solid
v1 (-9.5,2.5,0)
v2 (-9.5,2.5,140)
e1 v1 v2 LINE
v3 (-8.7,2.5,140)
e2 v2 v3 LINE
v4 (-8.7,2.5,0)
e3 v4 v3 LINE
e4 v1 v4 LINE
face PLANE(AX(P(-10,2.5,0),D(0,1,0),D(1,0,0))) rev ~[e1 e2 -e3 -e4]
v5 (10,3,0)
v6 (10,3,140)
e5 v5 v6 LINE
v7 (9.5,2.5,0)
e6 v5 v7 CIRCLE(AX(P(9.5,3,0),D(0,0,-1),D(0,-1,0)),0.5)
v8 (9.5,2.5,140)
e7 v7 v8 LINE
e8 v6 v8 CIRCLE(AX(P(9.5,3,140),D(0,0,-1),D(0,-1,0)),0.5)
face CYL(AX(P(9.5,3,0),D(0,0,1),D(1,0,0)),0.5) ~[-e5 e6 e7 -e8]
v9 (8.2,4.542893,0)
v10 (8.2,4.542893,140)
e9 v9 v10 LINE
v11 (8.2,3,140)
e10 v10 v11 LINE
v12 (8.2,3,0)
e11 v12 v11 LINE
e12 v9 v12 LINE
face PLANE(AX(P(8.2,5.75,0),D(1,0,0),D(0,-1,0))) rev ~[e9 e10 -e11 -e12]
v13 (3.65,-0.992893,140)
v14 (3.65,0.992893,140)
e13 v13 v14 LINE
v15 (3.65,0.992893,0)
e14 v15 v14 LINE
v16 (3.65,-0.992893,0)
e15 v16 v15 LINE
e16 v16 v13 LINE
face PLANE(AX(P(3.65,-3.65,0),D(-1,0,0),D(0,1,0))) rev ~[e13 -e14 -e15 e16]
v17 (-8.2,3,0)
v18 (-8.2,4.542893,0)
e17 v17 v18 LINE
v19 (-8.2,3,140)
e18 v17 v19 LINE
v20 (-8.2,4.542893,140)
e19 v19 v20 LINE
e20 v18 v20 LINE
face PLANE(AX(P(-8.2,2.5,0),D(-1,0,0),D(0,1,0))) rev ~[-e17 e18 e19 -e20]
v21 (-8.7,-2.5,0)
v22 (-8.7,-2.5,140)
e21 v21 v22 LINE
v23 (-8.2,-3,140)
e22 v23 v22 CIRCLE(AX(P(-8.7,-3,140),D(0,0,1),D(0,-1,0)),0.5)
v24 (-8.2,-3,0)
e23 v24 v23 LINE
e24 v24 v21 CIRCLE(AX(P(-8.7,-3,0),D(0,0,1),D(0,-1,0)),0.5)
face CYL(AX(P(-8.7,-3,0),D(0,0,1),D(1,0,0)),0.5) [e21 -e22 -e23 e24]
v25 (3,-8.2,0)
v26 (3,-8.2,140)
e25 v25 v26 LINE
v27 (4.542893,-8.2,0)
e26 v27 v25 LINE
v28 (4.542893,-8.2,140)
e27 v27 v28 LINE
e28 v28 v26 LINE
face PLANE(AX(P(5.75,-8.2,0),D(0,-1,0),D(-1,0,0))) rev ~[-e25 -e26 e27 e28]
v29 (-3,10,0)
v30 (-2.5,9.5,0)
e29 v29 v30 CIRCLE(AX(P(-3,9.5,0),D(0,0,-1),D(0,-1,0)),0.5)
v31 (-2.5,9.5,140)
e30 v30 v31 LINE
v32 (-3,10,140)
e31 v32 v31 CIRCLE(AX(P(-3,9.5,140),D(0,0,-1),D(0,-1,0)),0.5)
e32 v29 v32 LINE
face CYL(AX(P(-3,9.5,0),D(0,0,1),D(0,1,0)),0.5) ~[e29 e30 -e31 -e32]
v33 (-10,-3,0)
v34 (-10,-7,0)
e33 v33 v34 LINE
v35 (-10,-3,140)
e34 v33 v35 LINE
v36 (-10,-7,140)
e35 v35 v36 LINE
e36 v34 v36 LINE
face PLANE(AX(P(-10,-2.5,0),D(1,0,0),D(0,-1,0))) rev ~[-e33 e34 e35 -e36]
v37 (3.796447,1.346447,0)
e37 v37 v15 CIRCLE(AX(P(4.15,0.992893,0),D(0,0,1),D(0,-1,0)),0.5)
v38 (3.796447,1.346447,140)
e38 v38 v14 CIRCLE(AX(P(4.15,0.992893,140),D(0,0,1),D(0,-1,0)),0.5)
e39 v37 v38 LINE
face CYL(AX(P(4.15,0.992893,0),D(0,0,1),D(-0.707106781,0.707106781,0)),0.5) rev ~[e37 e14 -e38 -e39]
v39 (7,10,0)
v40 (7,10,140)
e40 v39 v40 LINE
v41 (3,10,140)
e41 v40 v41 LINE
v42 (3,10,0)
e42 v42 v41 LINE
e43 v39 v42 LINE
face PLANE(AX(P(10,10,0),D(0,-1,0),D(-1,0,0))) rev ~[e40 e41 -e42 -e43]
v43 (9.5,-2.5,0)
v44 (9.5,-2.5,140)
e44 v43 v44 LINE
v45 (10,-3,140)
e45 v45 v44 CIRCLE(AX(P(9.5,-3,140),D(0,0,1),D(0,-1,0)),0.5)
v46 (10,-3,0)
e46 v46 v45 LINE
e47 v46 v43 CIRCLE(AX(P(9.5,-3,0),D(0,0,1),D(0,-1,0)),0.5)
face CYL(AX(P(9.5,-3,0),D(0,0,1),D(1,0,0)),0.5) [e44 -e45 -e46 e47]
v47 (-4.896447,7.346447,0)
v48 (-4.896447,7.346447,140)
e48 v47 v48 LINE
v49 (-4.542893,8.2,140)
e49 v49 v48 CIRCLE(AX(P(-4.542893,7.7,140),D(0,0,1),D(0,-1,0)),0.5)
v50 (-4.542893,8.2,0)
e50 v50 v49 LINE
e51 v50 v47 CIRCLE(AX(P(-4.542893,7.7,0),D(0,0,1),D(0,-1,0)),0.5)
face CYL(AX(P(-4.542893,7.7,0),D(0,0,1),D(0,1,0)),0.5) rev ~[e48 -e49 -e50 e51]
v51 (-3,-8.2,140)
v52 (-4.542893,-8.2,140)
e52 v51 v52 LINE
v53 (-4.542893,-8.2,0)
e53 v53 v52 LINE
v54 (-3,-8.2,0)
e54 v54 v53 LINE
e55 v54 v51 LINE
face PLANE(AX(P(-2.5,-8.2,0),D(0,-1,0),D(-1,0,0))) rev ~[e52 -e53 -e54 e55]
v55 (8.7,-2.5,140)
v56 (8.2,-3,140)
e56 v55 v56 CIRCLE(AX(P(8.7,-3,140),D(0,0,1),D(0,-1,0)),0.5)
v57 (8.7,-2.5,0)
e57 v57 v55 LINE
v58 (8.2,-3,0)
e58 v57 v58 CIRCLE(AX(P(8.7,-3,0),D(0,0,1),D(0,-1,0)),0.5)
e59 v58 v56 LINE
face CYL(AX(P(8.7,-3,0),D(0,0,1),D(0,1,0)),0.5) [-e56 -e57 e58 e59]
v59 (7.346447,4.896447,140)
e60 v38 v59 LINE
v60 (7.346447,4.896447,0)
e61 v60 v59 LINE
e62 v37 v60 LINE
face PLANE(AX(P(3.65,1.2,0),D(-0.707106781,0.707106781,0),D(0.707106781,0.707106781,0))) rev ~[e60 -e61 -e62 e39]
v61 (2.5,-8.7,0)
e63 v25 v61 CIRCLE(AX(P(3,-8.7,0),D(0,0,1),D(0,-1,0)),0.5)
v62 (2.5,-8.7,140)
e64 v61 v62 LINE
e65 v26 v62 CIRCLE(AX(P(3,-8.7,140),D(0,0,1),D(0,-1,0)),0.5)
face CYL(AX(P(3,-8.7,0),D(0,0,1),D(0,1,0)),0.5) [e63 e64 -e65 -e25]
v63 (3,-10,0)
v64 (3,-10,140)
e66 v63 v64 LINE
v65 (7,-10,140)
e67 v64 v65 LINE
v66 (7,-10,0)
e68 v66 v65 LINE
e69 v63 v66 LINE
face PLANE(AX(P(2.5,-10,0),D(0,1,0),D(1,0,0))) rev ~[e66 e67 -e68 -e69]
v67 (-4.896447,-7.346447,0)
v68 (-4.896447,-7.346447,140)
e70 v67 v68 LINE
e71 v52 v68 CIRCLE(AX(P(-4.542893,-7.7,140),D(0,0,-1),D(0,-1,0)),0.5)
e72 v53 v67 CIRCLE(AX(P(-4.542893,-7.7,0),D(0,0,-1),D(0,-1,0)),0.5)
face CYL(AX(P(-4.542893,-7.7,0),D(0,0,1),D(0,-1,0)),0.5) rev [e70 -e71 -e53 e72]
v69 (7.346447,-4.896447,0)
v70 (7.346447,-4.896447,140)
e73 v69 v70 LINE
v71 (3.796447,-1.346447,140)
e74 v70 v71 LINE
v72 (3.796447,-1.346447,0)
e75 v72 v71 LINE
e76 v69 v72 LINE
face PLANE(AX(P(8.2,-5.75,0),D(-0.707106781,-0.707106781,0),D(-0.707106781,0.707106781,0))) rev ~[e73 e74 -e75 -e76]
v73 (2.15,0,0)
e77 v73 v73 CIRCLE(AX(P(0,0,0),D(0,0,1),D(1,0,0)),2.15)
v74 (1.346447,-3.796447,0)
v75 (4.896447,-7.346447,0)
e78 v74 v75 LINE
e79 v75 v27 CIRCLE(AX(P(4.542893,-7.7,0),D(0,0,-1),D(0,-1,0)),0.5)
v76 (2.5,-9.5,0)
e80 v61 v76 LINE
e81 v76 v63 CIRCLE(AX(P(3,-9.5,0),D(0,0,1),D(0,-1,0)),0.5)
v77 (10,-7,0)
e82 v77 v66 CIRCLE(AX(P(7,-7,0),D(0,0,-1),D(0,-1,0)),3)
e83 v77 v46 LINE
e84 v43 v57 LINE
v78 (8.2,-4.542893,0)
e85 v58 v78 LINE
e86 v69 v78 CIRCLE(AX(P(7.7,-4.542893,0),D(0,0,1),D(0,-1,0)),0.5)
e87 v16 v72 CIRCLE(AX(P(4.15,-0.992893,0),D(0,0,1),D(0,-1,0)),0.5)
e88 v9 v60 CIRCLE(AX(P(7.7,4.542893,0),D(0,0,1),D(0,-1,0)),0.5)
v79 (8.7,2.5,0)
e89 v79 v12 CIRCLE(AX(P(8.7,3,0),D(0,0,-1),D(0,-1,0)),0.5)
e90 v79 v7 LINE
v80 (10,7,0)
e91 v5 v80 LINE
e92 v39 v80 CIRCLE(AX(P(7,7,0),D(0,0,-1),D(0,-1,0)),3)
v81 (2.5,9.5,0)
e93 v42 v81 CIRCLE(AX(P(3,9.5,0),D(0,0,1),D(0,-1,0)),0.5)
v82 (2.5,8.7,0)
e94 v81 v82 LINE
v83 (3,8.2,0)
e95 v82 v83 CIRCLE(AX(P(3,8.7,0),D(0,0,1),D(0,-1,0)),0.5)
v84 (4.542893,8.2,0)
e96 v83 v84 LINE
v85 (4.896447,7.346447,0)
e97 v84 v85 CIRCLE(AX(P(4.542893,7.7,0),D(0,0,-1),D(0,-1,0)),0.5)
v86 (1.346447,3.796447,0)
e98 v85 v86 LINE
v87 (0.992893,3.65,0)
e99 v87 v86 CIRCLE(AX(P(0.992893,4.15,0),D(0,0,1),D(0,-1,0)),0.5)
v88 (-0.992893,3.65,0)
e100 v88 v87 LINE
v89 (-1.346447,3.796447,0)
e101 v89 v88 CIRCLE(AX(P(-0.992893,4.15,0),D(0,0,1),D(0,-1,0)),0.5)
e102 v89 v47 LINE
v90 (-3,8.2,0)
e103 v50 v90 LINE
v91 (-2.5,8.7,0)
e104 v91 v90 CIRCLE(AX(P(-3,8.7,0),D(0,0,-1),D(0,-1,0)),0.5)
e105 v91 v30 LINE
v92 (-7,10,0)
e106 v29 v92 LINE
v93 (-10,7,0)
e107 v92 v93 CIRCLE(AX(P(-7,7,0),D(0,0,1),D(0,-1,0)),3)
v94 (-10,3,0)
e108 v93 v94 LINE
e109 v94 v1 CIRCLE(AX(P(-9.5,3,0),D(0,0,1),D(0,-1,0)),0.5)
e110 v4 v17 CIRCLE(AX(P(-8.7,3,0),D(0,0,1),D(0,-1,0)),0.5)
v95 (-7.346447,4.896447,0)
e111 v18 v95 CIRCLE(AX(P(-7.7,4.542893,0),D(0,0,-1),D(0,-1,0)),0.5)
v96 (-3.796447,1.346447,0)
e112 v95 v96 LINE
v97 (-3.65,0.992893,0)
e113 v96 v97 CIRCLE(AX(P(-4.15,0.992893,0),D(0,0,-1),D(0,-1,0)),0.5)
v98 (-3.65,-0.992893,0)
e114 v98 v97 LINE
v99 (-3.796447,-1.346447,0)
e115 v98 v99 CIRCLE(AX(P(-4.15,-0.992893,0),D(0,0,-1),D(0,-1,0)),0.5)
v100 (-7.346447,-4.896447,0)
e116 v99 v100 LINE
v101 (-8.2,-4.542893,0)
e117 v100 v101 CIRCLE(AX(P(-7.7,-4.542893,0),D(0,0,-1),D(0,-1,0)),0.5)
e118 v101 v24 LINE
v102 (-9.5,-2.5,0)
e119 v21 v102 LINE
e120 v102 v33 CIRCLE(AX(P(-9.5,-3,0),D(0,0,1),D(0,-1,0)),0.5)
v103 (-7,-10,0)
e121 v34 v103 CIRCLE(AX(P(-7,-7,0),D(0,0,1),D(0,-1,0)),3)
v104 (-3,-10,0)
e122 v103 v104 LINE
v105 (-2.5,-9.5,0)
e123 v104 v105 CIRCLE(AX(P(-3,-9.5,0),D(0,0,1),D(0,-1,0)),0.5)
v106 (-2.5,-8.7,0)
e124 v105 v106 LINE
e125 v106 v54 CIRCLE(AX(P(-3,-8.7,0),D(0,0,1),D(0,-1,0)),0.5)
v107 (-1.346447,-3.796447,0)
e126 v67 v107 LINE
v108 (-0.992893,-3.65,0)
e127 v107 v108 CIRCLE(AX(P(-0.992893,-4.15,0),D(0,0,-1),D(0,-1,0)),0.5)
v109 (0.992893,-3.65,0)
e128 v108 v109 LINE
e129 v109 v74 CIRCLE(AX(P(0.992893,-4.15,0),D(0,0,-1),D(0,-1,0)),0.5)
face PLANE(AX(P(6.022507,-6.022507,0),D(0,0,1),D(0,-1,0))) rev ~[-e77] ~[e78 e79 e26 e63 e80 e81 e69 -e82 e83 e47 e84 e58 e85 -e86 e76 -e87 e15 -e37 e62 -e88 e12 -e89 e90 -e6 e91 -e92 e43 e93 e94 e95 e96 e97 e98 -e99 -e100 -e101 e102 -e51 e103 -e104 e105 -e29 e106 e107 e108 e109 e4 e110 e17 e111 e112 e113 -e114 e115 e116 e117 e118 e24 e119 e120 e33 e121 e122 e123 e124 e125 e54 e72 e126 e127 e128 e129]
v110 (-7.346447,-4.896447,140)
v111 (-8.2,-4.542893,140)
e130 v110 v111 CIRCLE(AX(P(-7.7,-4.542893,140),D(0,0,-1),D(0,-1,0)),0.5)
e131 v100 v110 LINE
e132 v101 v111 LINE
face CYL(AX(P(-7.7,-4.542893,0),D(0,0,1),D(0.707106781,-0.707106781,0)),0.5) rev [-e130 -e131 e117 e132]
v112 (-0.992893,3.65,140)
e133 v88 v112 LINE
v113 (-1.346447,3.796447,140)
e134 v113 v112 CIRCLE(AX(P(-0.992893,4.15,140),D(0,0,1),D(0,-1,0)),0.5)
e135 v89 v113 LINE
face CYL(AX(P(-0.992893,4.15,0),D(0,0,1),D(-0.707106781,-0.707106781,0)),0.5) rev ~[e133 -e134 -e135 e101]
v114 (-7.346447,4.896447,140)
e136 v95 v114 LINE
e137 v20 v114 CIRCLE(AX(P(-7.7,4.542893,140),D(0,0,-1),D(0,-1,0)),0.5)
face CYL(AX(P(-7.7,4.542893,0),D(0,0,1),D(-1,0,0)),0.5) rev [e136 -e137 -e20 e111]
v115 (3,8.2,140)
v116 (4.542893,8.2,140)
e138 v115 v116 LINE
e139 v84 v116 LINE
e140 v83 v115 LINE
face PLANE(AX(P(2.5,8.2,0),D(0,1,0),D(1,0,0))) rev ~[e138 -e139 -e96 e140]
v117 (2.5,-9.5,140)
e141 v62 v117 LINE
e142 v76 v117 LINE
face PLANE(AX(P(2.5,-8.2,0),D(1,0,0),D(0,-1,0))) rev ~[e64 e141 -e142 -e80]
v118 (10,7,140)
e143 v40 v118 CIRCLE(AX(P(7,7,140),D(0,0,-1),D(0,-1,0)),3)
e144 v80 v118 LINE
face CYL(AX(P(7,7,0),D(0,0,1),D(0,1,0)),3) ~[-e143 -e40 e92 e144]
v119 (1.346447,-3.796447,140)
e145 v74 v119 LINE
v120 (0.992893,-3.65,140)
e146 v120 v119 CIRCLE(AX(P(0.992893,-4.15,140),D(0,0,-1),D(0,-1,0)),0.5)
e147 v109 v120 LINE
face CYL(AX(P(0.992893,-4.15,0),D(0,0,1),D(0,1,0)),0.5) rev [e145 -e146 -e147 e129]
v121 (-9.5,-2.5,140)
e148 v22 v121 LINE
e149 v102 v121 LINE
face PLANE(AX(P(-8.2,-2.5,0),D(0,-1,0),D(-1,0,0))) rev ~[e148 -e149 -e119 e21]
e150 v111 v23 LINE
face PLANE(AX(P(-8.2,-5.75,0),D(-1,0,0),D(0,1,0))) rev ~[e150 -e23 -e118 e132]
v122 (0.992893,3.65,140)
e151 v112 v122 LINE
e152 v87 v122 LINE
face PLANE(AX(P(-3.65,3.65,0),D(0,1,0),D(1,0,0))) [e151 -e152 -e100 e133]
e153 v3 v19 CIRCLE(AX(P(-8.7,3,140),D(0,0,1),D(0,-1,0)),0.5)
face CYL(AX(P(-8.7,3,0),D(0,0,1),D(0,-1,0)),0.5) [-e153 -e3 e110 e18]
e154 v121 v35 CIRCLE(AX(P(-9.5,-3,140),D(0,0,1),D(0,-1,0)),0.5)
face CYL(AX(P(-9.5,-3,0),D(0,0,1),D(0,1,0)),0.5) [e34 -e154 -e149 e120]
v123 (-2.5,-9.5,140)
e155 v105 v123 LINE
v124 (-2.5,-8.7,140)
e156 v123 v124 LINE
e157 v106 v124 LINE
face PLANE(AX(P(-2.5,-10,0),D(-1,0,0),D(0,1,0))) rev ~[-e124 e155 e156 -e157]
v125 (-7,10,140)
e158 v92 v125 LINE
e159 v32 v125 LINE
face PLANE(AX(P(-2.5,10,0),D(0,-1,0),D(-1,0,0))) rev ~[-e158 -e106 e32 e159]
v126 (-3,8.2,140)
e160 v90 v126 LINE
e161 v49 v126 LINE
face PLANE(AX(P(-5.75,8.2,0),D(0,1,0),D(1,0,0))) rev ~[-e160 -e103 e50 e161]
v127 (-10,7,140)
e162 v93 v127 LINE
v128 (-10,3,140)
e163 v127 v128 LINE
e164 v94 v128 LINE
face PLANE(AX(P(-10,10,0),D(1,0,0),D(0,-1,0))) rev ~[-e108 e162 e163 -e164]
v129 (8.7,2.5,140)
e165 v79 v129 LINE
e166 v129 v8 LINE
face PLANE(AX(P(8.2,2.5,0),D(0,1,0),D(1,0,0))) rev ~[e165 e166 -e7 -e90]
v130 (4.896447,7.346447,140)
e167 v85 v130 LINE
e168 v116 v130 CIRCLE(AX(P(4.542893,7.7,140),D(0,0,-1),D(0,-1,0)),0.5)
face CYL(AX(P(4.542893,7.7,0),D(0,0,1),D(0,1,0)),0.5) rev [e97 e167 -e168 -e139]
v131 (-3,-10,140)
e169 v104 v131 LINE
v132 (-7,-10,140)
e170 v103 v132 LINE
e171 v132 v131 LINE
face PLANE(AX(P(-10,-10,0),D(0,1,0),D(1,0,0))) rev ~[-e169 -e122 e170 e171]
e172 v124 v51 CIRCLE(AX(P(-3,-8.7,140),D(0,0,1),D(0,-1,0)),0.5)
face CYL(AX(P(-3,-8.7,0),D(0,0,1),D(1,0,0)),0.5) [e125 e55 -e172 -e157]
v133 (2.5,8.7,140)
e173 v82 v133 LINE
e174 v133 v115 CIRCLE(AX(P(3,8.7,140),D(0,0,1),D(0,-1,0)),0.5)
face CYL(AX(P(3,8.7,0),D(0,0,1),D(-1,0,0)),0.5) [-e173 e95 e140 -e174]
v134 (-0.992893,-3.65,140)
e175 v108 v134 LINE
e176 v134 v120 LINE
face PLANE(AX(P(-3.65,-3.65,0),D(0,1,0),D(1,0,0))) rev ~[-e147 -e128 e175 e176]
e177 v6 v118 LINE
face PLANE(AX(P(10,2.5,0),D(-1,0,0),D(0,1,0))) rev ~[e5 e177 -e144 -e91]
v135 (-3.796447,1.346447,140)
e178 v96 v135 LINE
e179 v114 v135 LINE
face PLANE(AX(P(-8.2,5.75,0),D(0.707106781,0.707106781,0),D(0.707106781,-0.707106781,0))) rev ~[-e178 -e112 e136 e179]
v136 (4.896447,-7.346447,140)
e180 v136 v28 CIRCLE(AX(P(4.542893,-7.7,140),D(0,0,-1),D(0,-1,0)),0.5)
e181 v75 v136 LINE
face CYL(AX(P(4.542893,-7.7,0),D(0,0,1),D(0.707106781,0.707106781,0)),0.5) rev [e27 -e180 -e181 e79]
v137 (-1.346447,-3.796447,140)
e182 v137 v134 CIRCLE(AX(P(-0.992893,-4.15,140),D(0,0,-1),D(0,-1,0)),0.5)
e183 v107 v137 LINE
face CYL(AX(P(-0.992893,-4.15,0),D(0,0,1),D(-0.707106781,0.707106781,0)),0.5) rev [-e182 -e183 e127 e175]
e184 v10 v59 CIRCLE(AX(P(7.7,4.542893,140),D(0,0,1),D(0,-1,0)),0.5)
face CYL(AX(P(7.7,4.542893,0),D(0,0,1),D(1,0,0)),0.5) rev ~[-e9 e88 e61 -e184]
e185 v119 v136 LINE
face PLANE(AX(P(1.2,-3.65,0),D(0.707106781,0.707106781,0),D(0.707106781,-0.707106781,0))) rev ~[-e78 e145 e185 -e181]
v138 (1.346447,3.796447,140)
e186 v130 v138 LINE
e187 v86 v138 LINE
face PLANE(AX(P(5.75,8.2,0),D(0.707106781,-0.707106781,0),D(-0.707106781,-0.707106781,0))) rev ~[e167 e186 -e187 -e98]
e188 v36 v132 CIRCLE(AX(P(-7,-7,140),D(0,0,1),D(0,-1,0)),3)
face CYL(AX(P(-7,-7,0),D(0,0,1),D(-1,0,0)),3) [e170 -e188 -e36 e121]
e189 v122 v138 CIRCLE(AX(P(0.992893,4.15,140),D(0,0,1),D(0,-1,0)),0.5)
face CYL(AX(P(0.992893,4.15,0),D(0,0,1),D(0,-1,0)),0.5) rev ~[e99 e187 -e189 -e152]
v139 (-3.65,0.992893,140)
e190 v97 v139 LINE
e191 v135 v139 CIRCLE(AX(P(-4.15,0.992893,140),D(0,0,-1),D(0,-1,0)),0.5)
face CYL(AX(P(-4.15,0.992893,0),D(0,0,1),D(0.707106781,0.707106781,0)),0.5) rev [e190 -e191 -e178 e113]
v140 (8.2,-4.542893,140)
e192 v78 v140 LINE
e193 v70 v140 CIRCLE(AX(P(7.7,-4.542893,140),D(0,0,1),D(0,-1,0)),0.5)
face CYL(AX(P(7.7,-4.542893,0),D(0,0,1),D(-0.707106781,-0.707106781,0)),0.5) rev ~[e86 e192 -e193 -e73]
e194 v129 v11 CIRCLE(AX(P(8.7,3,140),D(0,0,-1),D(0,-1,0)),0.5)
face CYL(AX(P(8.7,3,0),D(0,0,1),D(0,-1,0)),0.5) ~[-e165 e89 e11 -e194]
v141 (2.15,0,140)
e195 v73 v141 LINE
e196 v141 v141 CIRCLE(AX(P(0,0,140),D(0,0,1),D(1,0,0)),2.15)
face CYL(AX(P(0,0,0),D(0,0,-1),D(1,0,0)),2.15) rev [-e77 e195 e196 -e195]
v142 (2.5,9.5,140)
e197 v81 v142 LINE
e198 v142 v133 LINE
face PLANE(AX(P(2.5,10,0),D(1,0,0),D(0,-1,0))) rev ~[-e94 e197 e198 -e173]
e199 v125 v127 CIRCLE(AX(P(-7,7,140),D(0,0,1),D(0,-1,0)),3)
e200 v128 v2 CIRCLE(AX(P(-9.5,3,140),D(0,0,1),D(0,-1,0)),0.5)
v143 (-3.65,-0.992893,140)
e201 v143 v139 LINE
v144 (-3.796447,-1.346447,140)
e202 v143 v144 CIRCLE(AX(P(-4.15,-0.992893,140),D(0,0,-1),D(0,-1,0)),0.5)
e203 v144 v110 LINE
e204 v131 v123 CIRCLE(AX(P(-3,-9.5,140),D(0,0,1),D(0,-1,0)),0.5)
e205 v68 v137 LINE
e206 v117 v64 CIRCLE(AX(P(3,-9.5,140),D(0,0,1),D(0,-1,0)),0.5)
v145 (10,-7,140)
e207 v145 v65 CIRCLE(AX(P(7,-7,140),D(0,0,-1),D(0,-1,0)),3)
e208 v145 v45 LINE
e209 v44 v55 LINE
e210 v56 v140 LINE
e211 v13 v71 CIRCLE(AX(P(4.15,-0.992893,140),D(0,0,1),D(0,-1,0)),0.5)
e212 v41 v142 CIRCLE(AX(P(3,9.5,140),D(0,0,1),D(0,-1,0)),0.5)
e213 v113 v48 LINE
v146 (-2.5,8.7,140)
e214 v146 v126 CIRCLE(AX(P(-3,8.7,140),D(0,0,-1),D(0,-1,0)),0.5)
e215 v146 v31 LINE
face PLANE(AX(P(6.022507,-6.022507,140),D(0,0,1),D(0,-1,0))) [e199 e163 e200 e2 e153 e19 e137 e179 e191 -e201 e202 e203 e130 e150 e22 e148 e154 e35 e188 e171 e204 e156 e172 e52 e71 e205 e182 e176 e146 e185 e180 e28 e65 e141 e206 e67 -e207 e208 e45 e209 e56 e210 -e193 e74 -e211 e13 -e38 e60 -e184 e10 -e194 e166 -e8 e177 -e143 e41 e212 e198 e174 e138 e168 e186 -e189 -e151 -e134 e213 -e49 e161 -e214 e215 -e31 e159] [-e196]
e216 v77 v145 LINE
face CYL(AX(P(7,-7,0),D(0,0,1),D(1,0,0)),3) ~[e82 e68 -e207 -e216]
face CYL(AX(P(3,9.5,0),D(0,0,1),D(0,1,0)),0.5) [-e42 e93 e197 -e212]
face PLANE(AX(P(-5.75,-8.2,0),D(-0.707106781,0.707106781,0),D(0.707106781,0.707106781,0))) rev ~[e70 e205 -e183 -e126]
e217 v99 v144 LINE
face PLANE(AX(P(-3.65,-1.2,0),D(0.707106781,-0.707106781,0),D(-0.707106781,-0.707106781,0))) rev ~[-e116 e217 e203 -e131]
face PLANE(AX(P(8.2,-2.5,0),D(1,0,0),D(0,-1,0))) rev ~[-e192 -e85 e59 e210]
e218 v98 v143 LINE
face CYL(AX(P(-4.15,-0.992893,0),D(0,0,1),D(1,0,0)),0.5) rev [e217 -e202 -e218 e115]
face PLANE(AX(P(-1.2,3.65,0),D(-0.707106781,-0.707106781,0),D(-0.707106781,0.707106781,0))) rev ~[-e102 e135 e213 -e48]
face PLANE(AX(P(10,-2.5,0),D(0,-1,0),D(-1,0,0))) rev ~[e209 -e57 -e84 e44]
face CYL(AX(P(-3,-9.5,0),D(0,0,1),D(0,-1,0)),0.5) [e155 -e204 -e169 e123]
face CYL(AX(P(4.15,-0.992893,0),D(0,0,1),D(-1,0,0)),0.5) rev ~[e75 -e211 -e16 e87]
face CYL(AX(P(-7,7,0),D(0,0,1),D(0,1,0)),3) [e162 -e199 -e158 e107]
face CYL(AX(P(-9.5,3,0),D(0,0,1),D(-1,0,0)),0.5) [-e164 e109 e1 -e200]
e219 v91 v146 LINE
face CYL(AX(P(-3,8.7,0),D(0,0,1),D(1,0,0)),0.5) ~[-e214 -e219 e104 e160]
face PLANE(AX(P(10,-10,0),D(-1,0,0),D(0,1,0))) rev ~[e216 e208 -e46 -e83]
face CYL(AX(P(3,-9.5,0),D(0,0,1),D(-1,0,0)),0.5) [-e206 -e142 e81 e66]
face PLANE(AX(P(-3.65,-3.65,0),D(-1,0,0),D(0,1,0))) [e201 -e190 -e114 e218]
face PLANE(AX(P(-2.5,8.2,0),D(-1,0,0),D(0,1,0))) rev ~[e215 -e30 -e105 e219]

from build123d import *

# Parameters (mm, degrees)
SKETCH_1_W                       = 7.3
SKETCH_1_H                       = 7.3
SKETCH_1_R                       = 2.15
EXTRUDE_1_DEPTH                  = 140
EXTRUDE_2_DEPTH                  = 140
FILLET_1_R                       = 3
FILLET_2_R                       = 0.5
PATTERN_CIRCULAR_3_COUNT         = 4
FILLET_1_OF_PATTERN_CIRCULAR_3_R = 3
FILLET_2_OF_PATTERN_CIRCULAR_3_R = 0.5
FILLET_3_R                       = 0.5


with BuildPart() as part:
    # 草图1 → 凸台-拉伸1 (new body)
    with BuildSketch(Plane.XY):
        Rectangle(SKETCH_1_W, SKETCH_1_H)
        Circle(SKETCH_1_R, mode=Mode.SUBTRACT)
    extrude(amount=EXTRUDE_1_DEPTH)

    # 草图2 → 凸台-拉伸2 (add)
    with BuildSketch(Plane.XY):
        Polygon((2.5, 10), (2.5, 8.2), (5.75, 8.2), (1.2, 3.65), (3.65, 3.65), (3.65, 1.2), (8.2, 5.75), (8.2, 2.5), (10, 2.5), (10, 10), align=None)
    extrude_2 = extrude(amount=EXTRUDE_2_DEPTH)

    # 圆角1
    fillet_1_edges = [part.edges().sort_by_distance(p)[0] for p in [
        (10, 10, 70),
    ]]
    fillet(fillet_1_edges, radius=FILLET_1_R)

    # 圆角2
    fillet_2_edges = [part.edges().sort_by_distance(p)[0] for p in [
        (2.5, 10, 70),
        (2.5, 8.2, 70),
        (5.75, 8.2, 70),
        (8.2, 5.75, 70),
        (8.2, 2.5, 70),
        (10, 2.5, 70),
    ]]
    fillet(fillet_2_edges, radius=FILLET_2_R)

    # 阵列(圆周)3: 凸台-拉伸2 ×4 about axis
    pattern_circular_3_axis = Axis((0, 0, 0), (0, 0, 1))
    for i in range(1, PATTERN_CIRCULAR_3_COUNT):
        add(extrude_2.rotate(pattern_circular_3_axis, i * 360 / PATTERN_CIRCULAR_3_COUNT))

    # 圆角1 of 阵列(圆周)3
    fillet_1_of_pattern_circular_3_edges = [part.edges().sort_by_distance(p)[0] for p in [
        (-10, 10, 70),
        (-10, -10, 70),
        (10, -10, 70),
    ]]
    fillet(fillet_1_of_pattern_circular_3_edges, radius=FILLET_1_OF_PATTERN_CIRCULAR_3_R)

    # 圆角2 of 阵列(圆周)3
    fillet_2_of_pattern_circular_3_edges = [part.edges().sort_by_distance(p)[0] for p in [
        (-10, 2.5, 70),
        (-8.2, 2.5, 70),
        (-8.2, 5.75, 70),
        (-5.75, 8.2, 70),
        (-2.5, 8.2, 70),
        (-2.5, 10, 70),
        (-2.5, -10, 70),
        (-2.5, -8.2, 70),
        (-5.75, -8.2, 70),
        (-8.2, -5.75, 70),
        (-8.2, -2.5, 70),
        (-10, -2.5, 70),
        (10, -2.5, 70),
        (8.2, -2.5, 70),
        (8.2, -5.75, 70),
        (5.75, -8.2, 70),
        (2.5, -8.2, 70),
        (2.5, -10, 70),
    ]]
    fillet(fillet_2_of_pattern_circular_3_edges, radius=FILLET_2_OF_PATTERN_CIRCULAR_3_R)

    # 圆角3
    fillet_3_edges = [part.edges().sort_by_distance(p)[0] for p in [
        (-1.2, -3.65, 70),
        (-3.65, -1.2, 70),
        (-3.65, 1.2, 70),
        (-1.2, 3.65, 70),
        (1.2, 3.65, 70),
        (3.65, 1.2, 70),
        (3.65, -1.2, 70),
        (1.2, -3.65, 70),
    ]]
    fillet(fillet_3_edges, radius=FILLET_3_R)


solid = part.part
